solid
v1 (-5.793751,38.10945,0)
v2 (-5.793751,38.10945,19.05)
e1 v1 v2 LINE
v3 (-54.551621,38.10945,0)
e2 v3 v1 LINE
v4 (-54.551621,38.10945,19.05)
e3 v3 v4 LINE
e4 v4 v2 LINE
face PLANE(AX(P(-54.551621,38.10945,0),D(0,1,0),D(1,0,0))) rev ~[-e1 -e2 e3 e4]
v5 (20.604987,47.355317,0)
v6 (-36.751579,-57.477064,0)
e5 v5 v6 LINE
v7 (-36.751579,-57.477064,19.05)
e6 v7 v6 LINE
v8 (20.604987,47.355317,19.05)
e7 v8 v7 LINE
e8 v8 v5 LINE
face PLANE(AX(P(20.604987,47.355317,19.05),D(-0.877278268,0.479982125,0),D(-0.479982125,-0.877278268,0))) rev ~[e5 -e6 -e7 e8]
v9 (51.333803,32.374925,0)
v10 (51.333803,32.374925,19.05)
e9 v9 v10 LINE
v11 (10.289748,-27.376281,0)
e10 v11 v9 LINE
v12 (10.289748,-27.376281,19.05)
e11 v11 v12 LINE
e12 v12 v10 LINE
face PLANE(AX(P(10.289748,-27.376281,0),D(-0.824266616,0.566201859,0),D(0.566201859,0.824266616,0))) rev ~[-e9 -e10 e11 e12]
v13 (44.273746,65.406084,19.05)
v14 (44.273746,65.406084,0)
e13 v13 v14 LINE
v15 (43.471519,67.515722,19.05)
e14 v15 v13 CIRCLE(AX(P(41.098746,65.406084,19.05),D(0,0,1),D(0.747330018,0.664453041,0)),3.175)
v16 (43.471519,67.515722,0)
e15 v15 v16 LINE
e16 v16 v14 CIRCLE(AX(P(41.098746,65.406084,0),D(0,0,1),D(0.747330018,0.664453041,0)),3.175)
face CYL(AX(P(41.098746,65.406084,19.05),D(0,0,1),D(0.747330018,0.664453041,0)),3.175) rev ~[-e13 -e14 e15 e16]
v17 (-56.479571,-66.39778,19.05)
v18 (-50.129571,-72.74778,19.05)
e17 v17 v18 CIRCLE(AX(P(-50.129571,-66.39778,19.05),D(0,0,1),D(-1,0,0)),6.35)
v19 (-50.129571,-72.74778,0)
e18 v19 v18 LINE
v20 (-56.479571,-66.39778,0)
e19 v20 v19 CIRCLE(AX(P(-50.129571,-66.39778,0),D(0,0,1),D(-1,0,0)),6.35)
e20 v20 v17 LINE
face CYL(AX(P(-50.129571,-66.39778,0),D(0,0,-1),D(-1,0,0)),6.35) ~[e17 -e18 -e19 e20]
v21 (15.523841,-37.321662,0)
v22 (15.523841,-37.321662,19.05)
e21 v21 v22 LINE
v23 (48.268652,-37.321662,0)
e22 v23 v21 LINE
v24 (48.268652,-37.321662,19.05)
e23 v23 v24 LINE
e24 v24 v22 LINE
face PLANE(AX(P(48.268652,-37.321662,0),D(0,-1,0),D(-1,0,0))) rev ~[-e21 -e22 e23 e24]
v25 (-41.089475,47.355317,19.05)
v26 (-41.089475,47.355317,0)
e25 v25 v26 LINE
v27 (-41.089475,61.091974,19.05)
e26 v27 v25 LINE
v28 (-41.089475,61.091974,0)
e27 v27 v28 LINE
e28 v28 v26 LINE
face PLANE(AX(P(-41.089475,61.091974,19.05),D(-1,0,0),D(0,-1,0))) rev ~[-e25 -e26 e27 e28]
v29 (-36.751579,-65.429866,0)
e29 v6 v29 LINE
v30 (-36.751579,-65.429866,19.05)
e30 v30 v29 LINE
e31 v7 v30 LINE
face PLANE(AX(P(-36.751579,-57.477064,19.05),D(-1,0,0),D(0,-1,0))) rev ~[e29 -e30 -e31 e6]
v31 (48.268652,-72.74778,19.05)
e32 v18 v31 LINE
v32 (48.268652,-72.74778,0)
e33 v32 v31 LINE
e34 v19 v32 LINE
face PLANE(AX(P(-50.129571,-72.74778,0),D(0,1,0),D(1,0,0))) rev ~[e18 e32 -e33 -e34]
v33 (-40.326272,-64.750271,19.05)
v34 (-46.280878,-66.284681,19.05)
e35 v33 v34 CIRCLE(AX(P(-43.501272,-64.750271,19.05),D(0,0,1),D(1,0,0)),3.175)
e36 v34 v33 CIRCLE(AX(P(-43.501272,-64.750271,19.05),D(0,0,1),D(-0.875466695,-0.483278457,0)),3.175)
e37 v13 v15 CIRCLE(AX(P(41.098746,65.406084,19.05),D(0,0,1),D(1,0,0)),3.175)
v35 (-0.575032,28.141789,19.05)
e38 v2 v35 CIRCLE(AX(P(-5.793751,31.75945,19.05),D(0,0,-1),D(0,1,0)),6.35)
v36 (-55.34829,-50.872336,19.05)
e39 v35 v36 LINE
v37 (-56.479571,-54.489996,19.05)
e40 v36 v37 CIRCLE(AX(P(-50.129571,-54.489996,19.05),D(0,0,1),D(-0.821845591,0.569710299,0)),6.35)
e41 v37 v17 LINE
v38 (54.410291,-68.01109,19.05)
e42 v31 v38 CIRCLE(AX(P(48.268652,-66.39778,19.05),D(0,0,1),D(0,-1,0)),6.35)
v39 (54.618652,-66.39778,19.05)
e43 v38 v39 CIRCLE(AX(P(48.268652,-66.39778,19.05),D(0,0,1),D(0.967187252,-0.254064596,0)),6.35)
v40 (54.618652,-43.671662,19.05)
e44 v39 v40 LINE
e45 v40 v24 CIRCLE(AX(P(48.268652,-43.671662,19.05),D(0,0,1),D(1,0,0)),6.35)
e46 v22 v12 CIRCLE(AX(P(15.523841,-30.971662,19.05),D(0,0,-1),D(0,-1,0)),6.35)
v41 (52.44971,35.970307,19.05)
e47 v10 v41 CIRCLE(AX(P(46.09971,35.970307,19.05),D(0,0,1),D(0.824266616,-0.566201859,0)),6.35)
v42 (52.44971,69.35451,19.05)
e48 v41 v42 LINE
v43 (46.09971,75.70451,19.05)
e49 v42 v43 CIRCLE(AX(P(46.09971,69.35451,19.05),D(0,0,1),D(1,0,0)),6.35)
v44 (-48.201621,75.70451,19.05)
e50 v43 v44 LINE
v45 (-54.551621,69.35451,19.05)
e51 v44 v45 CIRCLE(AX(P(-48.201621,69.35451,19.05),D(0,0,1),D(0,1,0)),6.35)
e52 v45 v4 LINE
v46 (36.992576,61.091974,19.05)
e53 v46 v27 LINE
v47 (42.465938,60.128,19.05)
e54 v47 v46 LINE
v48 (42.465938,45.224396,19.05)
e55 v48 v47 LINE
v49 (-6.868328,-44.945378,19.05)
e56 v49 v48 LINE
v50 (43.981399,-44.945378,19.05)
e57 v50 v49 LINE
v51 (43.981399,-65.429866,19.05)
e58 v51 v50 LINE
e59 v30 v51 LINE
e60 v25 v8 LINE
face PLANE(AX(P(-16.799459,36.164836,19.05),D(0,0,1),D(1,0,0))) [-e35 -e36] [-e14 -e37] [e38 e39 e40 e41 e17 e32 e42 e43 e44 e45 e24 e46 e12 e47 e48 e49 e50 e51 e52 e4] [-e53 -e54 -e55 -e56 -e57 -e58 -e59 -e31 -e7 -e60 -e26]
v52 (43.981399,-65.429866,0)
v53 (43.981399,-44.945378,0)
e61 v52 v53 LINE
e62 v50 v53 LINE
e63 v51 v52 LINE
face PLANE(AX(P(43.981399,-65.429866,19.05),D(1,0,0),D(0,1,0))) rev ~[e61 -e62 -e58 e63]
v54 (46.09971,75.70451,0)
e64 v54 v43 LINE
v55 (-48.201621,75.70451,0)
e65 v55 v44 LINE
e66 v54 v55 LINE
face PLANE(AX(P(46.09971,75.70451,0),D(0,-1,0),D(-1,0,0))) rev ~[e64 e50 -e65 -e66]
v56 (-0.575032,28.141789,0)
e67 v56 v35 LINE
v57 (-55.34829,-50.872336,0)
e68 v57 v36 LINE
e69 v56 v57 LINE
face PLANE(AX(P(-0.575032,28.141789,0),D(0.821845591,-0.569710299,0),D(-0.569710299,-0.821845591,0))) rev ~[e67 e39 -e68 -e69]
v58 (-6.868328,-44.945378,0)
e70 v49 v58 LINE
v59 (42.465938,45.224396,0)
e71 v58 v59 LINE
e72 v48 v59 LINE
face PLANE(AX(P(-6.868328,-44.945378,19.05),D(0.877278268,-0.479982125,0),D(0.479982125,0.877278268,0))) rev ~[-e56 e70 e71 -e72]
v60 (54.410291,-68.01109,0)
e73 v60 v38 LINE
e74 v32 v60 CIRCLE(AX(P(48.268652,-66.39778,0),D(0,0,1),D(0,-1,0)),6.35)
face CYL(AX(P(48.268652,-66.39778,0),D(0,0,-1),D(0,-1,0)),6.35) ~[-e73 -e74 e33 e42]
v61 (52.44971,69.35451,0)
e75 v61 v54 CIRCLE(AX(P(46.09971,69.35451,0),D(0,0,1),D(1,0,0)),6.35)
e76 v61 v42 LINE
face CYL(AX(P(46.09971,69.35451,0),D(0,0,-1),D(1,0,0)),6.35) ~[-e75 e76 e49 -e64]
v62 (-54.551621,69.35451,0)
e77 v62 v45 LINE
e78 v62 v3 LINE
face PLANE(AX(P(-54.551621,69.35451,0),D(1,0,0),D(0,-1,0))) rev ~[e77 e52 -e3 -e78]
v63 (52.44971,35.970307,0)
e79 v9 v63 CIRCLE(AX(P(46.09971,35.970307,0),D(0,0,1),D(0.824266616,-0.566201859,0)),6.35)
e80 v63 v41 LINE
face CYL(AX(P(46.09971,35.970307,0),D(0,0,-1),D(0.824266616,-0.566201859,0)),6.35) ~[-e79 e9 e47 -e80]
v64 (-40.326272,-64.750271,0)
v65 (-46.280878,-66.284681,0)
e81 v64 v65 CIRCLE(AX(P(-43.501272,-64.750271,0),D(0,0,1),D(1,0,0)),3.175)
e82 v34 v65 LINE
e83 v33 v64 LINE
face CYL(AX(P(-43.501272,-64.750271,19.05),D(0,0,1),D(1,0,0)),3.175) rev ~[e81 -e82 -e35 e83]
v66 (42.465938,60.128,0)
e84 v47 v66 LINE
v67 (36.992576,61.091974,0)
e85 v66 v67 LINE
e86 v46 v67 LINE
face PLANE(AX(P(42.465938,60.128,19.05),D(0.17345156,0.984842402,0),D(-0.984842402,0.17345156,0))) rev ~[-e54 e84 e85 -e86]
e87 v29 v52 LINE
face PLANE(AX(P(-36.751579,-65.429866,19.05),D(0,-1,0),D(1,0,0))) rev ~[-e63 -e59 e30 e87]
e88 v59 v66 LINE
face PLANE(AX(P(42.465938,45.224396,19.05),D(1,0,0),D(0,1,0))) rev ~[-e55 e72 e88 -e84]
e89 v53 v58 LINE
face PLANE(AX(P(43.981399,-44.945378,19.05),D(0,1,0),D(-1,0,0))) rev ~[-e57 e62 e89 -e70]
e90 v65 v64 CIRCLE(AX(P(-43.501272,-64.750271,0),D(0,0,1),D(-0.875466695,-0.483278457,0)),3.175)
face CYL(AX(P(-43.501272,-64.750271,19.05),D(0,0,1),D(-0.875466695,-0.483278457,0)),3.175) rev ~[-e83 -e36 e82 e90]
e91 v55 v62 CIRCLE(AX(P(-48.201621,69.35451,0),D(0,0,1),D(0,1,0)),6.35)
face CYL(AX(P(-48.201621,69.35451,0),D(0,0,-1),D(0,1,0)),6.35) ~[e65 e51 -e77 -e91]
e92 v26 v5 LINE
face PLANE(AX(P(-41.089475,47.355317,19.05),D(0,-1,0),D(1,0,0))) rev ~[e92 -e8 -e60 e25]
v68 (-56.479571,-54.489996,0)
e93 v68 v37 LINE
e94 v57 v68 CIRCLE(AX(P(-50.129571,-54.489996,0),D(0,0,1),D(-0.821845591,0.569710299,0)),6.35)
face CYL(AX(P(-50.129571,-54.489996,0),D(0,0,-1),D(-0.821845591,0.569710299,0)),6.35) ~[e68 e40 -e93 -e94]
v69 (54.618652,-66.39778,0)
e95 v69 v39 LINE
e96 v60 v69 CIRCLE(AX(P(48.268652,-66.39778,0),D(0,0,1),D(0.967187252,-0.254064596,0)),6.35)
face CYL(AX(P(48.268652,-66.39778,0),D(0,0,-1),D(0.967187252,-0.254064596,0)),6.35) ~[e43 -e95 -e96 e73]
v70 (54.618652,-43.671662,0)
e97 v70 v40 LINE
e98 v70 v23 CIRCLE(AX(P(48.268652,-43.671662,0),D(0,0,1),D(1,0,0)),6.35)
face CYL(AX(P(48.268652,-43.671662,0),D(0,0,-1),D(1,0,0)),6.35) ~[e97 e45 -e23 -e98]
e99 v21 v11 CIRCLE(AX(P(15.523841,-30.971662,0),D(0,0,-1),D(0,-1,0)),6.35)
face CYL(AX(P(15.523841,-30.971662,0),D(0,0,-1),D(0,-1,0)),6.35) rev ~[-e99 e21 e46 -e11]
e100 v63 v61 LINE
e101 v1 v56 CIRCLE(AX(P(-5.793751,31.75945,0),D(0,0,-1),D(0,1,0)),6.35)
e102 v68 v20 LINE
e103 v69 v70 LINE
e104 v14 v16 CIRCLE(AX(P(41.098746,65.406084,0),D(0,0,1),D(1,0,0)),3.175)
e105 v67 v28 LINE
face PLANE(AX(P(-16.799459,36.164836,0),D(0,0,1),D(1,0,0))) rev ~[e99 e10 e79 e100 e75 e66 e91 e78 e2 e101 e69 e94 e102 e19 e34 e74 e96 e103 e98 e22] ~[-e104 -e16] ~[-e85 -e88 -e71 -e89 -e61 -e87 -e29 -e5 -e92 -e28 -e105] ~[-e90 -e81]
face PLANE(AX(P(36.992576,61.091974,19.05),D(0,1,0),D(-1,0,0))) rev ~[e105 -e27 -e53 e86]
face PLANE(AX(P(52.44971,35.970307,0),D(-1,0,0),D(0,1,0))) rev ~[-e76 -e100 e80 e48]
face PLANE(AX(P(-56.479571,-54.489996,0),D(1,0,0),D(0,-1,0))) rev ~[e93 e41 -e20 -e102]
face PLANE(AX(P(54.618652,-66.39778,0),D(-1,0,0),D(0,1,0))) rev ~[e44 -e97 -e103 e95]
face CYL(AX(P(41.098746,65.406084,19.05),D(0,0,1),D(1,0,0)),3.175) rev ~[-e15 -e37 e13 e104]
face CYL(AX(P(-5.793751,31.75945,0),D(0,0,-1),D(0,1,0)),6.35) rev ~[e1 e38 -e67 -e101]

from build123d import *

# Parameters (mm, degrees)
F1_DEPTH = 19.05
F3_DEPTH = 25.4
F5_DEPTH = 19.051


with BuildPart() as f1:
    # F0 (on Top) → F1 (new body)
    with BuildSketch(Plane.XY):
        with BuildLine():
            Line((14.9550589674, 50.2520292753), (-54.5516210822, 50.2520292753))
            Line((-54.5516210822, 50.2520292753), (-54.5516210822, 38.1094498451))
            Line((-54.5516210822, 38.1094498451), (-5.7937513614, 38.1094498451))
            ThreePointArc((-5.7937513614, 38.1094498451), (-0.1681561255, 34.7048153982), (-0.5750318579, 28.1417894487))
            Line((-0.5750318579, 28.1417894487), (-17.6851839396, 3.4592392383))
            Line((-17.6851839396, 3.4592392383), (14.9550589674, 50.2520292753))
        make_face()
        with BuildLine():
            ThreePointArc((-48.2016210822, 75.7045095678), (-52.6917491428, 73.8446376283), (-54.5516210822, 69.3545095678))
            Line((-54.5516210822, 69.3545095678), (-54.5516210822, 50.2520292753))
            Line((-54.5516210822, 50.2520292753), (14.9550589674, 50.2520292753))
            Line((14.9550589674, 50.2520292753), (-17.6851839396, 3.4592392383))
            Line((-17.6851839396, 3.4592392383), (-55.3482900739, -50.8723355951))
            ThreePointArc((-55.3482900739, -50.8723355951), (-56.1901550656, -52.5947874076), (-56.4795705704, -54.4899959914))
            Line((-56.4795705704, -54.4899959914), (-56.4795705704, -66.3977798347))
            ThreePointArc((-56.4795705704, -66.3977798347), (-54.6196986309, -70.8879078953), (-50.1295705704, -72.7477798347))
            Line((-50.1295705704, -72.7477798347), (48.2686518641, -72.7477798347))
            ThreePointArc((48.2686518641, -72.7477798347), (52.1466655513, -71.4260508936), (54.4102909159, -68.0110900211))
            Line((54.4102909159, -68.0110900211), (54.4102909159, -46.6400994718))
            Line((54.4102909159, -46.6400994718), (-18.9196563035, -46.6400994718))
            Line((-18.9196563035, -46.6400994718), (52.4497096213, 55.9125908699))
            Line((52.4497096213, 55.9125908699), (52.4497096213, 69.3545095678))
            ThreePointArc((52.4497096213, 69.3545095678), (50.5898376818, 73.8446376283), (46.0997096213, 75.7045095678))
            Line((46.0997096213, 75.7045095678), (-48.2016210822, 75.7045095678))
        make_face()
        with BuildLine():
            Line((52.4497096213, 35.9703072308), (52.4497096213, 55.9125908699))
            Line((52.4497096213, 55.9125908699), (-18.9196563035, -46.6400994718))
            Line((-18.9196563035, -46.6400994718), (54.4102909159, -46.6400994718))
            Line((54.4102909159, -46.6400994718), (54.4102909159, -68.0110900211))
            ThreePointArc((54.4102909159, -68.0110900211), (54.5663462033, -67.2111346224), (54.6186518641, -66.3977798347))
            Line((54.6186518641, -66.3977798347), (54.6186518641, -43.6716623549))
            ThreePointArc((54.6186518641, -43.6716623549), (52.7587799247, -39.1815342944), (48.2686518641, -37.3216623549))
            Line((48.2686518641, -37.3216623549), (15.5238411508, -37.3216623549))
            ThreePointArc((15.5238411508, -37.3216623549), (9.9045362797, -33.929011297), (10.2897481379, -27.3762805487))
            Line((10.2897481379, -27.3762805487), (51.3338026341, 32.3749254245))
            ThreePointArc((51.3338026341, 32.3749254245), (52.1643196925, 34.0880201421), (52.4497096213, 35.9703072308))
        make_face()
    extrude(amount=F1_DEPTH)

    # F2 (on face) → F3 (cut)
    with BuildSketch(Plane.XY.offset(19.05)):
        with BuildLine():
            ThreePointArc((44.2737464547, 65.4060840012), (44.0664205154, 66.5345943774), (43.4715192615, 67.5157224079))
            ThreePointArc((43.4715192615, 67.5157224079), (38.1310723939, 64.2775736249), (44.2737464547, 65.4060840012))
        make_face()
        with BuildLine():
            ThreePointArc((-40.3262716085, -64.7502714978), (-44.2935384673, -61.6757084029), (-46.2808783641, -66.2846805972))
            ThreePointArc((-46.2808783641, -66.2846805972), (-42.7090047498, -67.8248345927), (-40.3262716085, -64.7502714978))
        make_face()
    extrude(amount=-F3_DEPTH, mode=Mode.SUBTRACT)

    # F4 (on face) → F5 (cut, through all)
    with BuildSketch(Plane.XY.offset(19.05)):
        Polygon((42.4659381227, 60.1279996336), (36.9925759733, 61.0919743776), (-41.0894751549, 61.0919743776), (-41.0894751549, 47.3553165793), (20.6049866974, 47.3553165793), (-36.7515794933, -57.4770644307), (-36.7515794933, -65.4298663139), (43.9813993871, -65.4298663139), (43.9813993871, -44.9453778565), (-6.8683284335, -44.9453778565), (42.4659381227, 45.2243964511), align=None)
    extrude(amount=-F5_DEPTH, mode=Mode.SUBTRACT)


solid = f1.part
